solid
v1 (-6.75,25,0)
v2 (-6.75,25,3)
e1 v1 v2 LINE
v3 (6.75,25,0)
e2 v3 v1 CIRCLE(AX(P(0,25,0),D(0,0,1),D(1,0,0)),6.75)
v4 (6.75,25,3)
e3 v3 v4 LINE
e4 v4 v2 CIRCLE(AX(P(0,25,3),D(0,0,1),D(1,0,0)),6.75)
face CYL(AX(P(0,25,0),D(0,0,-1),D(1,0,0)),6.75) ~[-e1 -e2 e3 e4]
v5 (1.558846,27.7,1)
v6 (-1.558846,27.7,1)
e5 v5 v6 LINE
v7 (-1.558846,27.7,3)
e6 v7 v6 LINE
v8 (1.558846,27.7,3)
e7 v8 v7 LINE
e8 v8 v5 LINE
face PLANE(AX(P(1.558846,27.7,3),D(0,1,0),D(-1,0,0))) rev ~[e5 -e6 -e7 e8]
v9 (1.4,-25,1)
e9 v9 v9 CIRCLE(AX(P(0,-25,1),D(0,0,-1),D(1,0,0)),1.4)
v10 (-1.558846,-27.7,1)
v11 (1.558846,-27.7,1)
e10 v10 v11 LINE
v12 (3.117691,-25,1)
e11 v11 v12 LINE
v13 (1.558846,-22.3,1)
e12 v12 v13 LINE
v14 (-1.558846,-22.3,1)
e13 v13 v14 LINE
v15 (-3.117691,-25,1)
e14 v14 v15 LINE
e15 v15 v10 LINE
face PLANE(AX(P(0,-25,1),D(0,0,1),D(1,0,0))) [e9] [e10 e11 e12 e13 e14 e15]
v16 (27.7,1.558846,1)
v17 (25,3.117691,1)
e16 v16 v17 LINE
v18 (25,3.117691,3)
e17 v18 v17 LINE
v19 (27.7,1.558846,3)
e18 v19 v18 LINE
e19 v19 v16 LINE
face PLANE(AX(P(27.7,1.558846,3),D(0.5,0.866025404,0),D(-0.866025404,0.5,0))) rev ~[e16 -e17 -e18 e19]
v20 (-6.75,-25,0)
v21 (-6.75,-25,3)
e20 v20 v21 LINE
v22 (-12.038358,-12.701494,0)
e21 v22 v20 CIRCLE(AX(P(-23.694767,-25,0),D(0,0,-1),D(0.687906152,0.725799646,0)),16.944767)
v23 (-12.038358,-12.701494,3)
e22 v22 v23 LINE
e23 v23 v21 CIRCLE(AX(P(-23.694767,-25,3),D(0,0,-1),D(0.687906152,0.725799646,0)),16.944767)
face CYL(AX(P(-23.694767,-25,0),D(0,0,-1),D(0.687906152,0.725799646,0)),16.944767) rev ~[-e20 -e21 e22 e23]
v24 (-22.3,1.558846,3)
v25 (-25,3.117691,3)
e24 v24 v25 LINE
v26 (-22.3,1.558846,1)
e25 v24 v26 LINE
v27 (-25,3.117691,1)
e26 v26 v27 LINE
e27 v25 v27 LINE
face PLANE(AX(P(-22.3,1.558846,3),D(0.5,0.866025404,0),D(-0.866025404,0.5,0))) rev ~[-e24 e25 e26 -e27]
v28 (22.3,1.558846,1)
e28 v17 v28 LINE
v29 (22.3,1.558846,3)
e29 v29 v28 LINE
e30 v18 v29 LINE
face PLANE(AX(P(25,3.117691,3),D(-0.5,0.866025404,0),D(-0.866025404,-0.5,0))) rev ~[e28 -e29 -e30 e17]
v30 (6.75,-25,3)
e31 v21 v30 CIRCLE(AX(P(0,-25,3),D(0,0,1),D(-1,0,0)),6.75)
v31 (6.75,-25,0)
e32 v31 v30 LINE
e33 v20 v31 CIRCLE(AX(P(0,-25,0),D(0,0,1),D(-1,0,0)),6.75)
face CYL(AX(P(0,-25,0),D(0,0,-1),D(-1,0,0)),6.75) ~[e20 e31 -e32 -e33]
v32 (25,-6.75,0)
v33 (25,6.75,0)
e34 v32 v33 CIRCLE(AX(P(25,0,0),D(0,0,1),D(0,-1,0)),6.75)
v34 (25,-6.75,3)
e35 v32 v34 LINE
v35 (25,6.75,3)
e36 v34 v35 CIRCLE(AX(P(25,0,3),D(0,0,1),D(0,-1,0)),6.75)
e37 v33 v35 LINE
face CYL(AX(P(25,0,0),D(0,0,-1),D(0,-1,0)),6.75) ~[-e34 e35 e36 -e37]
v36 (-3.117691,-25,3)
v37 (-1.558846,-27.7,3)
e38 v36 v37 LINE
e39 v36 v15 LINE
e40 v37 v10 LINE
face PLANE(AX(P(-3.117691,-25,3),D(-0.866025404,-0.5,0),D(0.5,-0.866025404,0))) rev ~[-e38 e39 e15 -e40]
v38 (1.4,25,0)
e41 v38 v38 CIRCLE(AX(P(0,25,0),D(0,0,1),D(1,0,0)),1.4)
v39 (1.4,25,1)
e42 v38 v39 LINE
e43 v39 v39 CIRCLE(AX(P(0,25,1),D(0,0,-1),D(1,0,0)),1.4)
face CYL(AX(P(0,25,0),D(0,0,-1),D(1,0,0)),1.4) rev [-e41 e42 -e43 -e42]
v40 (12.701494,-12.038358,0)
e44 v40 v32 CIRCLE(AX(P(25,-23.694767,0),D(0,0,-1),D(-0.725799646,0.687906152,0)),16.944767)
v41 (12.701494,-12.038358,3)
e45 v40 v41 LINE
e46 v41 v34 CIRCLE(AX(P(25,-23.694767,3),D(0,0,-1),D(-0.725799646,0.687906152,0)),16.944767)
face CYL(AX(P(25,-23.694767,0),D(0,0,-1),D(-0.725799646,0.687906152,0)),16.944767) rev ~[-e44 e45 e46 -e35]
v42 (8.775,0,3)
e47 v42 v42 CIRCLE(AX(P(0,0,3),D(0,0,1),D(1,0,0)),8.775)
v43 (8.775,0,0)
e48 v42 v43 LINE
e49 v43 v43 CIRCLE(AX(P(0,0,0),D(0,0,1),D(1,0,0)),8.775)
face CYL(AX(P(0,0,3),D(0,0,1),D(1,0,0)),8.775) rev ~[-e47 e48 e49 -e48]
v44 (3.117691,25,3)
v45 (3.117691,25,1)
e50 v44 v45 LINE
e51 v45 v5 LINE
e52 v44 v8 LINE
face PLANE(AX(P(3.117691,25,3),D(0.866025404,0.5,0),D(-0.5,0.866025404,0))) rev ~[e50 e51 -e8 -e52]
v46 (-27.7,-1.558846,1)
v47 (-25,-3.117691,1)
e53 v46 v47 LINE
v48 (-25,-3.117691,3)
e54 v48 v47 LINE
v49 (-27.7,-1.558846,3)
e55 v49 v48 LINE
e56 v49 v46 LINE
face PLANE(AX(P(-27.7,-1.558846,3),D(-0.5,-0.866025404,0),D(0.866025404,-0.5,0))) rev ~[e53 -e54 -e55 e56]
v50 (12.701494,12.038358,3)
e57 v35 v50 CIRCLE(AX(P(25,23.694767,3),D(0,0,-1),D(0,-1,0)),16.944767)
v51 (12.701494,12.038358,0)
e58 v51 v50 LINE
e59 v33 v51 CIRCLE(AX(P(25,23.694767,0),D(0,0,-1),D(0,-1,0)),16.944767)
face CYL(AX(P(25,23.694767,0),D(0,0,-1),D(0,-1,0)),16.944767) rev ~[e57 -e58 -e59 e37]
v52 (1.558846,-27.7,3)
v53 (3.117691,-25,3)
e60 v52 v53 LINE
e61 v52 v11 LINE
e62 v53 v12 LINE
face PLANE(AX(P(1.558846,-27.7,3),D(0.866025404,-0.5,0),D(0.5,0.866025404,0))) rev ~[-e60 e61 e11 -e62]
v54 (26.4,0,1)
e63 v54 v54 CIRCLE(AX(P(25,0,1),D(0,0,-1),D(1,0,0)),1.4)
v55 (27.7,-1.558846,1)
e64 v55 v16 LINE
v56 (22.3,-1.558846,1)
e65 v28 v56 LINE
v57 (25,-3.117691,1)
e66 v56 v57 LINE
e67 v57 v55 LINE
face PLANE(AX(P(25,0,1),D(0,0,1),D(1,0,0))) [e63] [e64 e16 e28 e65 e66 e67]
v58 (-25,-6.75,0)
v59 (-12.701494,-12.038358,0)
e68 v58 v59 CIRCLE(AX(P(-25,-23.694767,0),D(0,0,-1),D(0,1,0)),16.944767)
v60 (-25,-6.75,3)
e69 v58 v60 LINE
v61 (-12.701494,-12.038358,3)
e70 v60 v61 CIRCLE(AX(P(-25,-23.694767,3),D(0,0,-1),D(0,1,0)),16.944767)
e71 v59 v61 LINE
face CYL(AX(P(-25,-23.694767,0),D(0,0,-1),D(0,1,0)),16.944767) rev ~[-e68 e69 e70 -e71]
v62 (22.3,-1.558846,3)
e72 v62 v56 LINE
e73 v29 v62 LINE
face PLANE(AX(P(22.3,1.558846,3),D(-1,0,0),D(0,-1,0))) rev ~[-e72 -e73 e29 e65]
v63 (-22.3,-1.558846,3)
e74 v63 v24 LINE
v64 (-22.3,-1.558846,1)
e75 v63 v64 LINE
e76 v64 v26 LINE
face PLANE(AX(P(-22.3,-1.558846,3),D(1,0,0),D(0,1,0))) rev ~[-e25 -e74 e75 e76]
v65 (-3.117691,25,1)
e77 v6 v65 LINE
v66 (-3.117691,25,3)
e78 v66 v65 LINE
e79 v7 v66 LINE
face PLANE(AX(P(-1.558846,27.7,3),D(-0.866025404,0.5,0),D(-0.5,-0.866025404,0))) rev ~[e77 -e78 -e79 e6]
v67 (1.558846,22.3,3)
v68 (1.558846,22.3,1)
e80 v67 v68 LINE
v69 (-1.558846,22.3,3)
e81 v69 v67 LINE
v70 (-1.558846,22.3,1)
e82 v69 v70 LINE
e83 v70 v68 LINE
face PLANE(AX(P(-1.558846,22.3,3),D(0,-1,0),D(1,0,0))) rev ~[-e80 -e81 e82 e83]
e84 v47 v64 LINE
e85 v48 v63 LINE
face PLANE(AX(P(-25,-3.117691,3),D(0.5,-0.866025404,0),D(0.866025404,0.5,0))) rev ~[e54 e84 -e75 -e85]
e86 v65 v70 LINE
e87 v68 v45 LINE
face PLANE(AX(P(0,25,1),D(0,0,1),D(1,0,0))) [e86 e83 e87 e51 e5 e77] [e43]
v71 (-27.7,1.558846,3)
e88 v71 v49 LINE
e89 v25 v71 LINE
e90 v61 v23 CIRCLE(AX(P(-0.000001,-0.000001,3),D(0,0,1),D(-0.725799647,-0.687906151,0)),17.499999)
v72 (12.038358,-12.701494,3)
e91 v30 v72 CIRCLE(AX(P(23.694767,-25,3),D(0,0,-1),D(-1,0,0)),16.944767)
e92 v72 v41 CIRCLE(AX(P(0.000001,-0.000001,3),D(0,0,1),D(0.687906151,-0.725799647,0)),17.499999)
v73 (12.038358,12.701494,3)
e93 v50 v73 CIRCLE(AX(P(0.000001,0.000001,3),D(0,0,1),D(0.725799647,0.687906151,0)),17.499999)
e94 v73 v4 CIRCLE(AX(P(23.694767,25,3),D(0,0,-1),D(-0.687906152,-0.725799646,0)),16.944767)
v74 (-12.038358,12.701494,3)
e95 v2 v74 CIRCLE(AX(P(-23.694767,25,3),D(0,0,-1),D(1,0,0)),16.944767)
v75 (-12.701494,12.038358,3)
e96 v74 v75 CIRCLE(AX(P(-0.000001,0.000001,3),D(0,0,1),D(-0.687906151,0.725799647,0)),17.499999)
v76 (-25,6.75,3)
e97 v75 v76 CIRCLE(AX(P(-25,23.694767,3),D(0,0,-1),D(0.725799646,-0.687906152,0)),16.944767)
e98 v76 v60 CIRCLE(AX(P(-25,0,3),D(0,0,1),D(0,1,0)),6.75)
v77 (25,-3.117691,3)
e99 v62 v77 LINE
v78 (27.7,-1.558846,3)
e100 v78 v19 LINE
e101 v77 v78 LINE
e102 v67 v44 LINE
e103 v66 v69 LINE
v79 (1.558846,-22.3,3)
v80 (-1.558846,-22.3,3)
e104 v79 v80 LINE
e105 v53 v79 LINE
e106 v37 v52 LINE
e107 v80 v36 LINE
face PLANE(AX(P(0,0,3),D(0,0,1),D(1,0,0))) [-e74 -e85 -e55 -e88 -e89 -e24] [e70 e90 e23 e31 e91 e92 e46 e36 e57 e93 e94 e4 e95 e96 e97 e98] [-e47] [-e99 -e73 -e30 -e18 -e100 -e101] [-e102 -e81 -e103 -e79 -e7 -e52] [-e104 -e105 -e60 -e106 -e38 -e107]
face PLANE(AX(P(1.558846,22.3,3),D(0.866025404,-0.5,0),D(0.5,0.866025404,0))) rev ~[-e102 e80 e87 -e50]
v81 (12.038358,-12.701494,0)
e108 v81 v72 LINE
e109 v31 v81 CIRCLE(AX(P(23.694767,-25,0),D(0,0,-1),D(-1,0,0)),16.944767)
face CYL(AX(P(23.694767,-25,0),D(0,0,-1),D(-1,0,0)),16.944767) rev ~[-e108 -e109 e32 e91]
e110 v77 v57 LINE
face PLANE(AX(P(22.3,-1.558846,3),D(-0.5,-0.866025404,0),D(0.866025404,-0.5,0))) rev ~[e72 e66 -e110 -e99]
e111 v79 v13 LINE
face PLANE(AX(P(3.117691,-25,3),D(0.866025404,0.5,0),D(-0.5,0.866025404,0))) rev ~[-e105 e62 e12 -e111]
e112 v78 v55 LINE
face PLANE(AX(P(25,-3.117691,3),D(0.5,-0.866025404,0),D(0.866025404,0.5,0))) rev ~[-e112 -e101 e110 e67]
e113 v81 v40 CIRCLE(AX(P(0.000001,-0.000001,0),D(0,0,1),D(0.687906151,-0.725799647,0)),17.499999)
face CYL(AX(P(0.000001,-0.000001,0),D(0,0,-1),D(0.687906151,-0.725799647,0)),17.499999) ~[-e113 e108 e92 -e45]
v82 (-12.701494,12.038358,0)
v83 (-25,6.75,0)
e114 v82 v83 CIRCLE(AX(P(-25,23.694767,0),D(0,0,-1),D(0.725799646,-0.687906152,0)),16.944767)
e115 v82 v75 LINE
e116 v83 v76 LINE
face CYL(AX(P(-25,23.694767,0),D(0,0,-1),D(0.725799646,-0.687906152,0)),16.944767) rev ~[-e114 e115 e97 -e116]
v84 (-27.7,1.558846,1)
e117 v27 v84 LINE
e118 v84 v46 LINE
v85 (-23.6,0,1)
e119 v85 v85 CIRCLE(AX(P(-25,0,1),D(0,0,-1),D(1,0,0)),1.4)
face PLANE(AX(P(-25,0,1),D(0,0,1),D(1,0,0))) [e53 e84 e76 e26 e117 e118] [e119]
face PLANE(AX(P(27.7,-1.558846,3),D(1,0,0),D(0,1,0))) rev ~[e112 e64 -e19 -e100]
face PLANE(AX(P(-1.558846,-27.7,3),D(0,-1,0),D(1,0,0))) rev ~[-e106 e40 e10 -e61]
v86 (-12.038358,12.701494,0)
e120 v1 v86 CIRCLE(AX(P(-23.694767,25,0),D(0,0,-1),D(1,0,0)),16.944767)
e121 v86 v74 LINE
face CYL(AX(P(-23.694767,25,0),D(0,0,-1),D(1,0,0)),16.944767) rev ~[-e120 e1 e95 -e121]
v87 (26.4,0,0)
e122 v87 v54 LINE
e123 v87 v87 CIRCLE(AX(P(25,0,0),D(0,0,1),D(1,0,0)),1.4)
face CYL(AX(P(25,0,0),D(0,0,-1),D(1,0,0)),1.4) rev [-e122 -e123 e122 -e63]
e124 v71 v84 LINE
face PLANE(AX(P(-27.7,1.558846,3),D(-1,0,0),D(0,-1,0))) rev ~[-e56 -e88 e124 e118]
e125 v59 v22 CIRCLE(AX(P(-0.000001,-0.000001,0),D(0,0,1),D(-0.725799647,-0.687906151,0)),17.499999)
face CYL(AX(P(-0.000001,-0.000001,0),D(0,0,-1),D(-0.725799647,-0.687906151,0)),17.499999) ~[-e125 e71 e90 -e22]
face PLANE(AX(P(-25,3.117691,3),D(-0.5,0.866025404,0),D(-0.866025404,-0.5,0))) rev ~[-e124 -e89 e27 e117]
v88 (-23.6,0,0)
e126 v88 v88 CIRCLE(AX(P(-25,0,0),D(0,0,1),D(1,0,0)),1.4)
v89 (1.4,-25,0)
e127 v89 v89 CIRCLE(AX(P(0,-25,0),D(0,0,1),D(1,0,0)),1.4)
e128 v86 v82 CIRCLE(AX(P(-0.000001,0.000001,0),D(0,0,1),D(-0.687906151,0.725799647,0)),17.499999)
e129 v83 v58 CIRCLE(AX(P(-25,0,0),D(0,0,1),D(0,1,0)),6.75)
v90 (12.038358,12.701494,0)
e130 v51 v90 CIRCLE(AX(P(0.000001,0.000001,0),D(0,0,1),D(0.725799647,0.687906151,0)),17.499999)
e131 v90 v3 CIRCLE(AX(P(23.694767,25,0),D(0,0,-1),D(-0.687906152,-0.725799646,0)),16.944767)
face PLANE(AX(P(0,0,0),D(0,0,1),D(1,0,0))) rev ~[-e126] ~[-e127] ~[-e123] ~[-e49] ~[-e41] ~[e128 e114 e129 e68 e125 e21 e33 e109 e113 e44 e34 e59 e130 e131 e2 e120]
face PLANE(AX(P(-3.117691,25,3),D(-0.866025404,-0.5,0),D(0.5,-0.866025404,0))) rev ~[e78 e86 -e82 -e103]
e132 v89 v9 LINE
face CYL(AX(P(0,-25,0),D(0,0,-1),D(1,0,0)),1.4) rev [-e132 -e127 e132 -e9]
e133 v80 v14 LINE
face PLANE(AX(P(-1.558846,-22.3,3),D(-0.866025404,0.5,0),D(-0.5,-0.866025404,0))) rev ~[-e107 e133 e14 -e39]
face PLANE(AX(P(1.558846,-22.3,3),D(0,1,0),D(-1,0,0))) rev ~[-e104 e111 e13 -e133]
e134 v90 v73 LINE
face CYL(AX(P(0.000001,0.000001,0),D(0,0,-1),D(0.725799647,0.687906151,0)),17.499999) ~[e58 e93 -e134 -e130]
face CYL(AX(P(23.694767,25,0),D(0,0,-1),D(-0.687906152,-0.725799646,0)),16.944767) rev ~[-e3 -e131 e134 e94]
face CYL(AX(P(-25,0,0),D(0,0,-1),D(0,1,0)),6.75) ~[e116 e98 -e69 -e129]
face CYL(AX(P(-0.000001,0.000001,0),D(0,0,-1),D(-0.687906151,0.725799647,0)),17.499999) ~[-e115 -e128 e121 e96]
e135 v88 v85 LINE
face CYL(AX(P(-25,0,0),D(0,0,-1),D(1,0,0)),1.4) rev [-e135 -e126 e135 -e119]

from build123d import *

# Parameters (mm, degrees)
SKETCH1_R           = 1.4
BOSS_EXTRUDE1_DEPTH = 3
CUT_EXTRUDE1_DEPTH  = 2
CUT_EXTRUDE2_REACH  = 47.001
SKETCH3_R           = 8.775


with BuildPart() as part:
    # Sketch1 → Boss-Extrude1 (new body)
    with BuildSketch(Plane.XY):
        with BuildLine():
            ThreePointArc((6.75, 25), (0, 31.75), (-6.75, 25))
            ThreePointArc((-6.75, 25), (-8.128131702, 18.306346632), (-12.038357667, 12.701493797))
            ThreePointArc((-12.038357667, 12.701493797), (-12.374368671, 12.374368671), (-12.701493797, 12.038357667))
            ThreePointArc((-12.701493797, 12.038357667), (-18.306346632, 8.128131702), (-25, 6.75))
            ThreePointArc((-25, 6.75), (-31.75, 0), (-25, -6.75))
            ThreePointArc((-25, -6.75), (-18.306346632, -8.128131702), (-12.701493797, -12.038357667))
            ThreePointArc((-12.701493797, -12.038357667), (-12.374368671, -12.374368671), (-12.038357667, -12.701493797))
            ThreePointArc((-12.038357667, -12.701493797), (-8.128131702, -18.306346632), (-6.75, -25))
            ThreePointArc((-6.75, -25), (0, -31.75), (6.75, -25))
            ThreePointArc((6.75, -25), (8.128131702, -18.306346632), (12.038357667, -12.701493797))
            ThreePointArc((12.038357667, -12.701493797), (12.374368671, -12.374368671), (12.701493797, -12.038357667))
            ThreePointArc((12.701493797, -12.038357667), (18.306346632, -8.128131702), (25, -6.75))
            ThreePointArc((25, -6.75), (31.75, 0), (25, 6.75))
            ThreePointArc((25, 6.75), (18.306346632, 8.128131702), (12.701493797, 12.038357667))
            ThreePointArc((12.701493797, 12.038357667), (12.374368671, 12.374368671), (12.038357667, 12.701493797))
            ThreePointArc((12.038357667, 12.701493797), (8.128131702, 18.306346632), (6.75, 25))
        make_face()
        with Locations((0, 25)):
            Circle(SKETCH1_R, mode=Mode.SUBTRACT)
        with Locations((-25, 0)):
            Circle(SKETCH1_R, mode=Mode.SUBTRACT)
        with Locations((0, -25)):
            Circle(SKETCH1_R, mode=Mode.SUBTRACT)
        with Locations((25, 0)):
            Circle(SKETCH1_R, mode=Mode.SUBTRACT)
    extrude(amount=BOSS_EXTRUDE1_DEPTH)

    # Sketch2 → Cut-Extrude1 (cut)
    with BuildSketch(Plane.XY.offset(3)):
        Polygon((3.117691454, 25), (1.558845727, 27.7), (-1.558845727, 27.7), (-3.117691454, 25), (-1.558845727, 22.3), (1.558845727, 22.3), align=None)
        Polygon((25, 3.117691454), (22.3, 1.558845727), (22.3, -1.558845727), (25, -3.117691454), (27.7, -1.558845727), (27.7, 1.558845727), align=None)
        Polygon((3.117691454, -25), (1.558845727, -22.3), (-1.558845727, -22.3), (-3.117691454, -25), (-1.558845727, -27.7), (1.558845727, -27.7), align=None)
        Polygon((-25, -3.117691454), (-22.3, -1.558845727), (-22.3, 1.558845727), (-25, 3.117691454), (-27.7, 1.558845727), (-27.7, -1.558845727), align=None)
    extrude(amount=-CUT_EXTRUDE1_DEPTH, mode=Mode.SUBTRACT)

    # Sketch3 → Cut-Extrude2 (cut, up to next)
    with BuildSketch(Plane.XY.offset(3), mode=Mode.PRIVATE) as cut_extrude2_sk1:
        Circle(SKETCH3_R)
    cut_extrude2_tool1 = extrude(cut_extrude2_sk1.sketch, amount=-CUT_EXTRUDE2_REACH, mode=Mode.PRIVATE) & part.part
    add(cut_extrude2_tool1.solids().sort_by_distance((0, 0, 3))[0], mode=Mode.SUBTRACT)


solid = part.part
